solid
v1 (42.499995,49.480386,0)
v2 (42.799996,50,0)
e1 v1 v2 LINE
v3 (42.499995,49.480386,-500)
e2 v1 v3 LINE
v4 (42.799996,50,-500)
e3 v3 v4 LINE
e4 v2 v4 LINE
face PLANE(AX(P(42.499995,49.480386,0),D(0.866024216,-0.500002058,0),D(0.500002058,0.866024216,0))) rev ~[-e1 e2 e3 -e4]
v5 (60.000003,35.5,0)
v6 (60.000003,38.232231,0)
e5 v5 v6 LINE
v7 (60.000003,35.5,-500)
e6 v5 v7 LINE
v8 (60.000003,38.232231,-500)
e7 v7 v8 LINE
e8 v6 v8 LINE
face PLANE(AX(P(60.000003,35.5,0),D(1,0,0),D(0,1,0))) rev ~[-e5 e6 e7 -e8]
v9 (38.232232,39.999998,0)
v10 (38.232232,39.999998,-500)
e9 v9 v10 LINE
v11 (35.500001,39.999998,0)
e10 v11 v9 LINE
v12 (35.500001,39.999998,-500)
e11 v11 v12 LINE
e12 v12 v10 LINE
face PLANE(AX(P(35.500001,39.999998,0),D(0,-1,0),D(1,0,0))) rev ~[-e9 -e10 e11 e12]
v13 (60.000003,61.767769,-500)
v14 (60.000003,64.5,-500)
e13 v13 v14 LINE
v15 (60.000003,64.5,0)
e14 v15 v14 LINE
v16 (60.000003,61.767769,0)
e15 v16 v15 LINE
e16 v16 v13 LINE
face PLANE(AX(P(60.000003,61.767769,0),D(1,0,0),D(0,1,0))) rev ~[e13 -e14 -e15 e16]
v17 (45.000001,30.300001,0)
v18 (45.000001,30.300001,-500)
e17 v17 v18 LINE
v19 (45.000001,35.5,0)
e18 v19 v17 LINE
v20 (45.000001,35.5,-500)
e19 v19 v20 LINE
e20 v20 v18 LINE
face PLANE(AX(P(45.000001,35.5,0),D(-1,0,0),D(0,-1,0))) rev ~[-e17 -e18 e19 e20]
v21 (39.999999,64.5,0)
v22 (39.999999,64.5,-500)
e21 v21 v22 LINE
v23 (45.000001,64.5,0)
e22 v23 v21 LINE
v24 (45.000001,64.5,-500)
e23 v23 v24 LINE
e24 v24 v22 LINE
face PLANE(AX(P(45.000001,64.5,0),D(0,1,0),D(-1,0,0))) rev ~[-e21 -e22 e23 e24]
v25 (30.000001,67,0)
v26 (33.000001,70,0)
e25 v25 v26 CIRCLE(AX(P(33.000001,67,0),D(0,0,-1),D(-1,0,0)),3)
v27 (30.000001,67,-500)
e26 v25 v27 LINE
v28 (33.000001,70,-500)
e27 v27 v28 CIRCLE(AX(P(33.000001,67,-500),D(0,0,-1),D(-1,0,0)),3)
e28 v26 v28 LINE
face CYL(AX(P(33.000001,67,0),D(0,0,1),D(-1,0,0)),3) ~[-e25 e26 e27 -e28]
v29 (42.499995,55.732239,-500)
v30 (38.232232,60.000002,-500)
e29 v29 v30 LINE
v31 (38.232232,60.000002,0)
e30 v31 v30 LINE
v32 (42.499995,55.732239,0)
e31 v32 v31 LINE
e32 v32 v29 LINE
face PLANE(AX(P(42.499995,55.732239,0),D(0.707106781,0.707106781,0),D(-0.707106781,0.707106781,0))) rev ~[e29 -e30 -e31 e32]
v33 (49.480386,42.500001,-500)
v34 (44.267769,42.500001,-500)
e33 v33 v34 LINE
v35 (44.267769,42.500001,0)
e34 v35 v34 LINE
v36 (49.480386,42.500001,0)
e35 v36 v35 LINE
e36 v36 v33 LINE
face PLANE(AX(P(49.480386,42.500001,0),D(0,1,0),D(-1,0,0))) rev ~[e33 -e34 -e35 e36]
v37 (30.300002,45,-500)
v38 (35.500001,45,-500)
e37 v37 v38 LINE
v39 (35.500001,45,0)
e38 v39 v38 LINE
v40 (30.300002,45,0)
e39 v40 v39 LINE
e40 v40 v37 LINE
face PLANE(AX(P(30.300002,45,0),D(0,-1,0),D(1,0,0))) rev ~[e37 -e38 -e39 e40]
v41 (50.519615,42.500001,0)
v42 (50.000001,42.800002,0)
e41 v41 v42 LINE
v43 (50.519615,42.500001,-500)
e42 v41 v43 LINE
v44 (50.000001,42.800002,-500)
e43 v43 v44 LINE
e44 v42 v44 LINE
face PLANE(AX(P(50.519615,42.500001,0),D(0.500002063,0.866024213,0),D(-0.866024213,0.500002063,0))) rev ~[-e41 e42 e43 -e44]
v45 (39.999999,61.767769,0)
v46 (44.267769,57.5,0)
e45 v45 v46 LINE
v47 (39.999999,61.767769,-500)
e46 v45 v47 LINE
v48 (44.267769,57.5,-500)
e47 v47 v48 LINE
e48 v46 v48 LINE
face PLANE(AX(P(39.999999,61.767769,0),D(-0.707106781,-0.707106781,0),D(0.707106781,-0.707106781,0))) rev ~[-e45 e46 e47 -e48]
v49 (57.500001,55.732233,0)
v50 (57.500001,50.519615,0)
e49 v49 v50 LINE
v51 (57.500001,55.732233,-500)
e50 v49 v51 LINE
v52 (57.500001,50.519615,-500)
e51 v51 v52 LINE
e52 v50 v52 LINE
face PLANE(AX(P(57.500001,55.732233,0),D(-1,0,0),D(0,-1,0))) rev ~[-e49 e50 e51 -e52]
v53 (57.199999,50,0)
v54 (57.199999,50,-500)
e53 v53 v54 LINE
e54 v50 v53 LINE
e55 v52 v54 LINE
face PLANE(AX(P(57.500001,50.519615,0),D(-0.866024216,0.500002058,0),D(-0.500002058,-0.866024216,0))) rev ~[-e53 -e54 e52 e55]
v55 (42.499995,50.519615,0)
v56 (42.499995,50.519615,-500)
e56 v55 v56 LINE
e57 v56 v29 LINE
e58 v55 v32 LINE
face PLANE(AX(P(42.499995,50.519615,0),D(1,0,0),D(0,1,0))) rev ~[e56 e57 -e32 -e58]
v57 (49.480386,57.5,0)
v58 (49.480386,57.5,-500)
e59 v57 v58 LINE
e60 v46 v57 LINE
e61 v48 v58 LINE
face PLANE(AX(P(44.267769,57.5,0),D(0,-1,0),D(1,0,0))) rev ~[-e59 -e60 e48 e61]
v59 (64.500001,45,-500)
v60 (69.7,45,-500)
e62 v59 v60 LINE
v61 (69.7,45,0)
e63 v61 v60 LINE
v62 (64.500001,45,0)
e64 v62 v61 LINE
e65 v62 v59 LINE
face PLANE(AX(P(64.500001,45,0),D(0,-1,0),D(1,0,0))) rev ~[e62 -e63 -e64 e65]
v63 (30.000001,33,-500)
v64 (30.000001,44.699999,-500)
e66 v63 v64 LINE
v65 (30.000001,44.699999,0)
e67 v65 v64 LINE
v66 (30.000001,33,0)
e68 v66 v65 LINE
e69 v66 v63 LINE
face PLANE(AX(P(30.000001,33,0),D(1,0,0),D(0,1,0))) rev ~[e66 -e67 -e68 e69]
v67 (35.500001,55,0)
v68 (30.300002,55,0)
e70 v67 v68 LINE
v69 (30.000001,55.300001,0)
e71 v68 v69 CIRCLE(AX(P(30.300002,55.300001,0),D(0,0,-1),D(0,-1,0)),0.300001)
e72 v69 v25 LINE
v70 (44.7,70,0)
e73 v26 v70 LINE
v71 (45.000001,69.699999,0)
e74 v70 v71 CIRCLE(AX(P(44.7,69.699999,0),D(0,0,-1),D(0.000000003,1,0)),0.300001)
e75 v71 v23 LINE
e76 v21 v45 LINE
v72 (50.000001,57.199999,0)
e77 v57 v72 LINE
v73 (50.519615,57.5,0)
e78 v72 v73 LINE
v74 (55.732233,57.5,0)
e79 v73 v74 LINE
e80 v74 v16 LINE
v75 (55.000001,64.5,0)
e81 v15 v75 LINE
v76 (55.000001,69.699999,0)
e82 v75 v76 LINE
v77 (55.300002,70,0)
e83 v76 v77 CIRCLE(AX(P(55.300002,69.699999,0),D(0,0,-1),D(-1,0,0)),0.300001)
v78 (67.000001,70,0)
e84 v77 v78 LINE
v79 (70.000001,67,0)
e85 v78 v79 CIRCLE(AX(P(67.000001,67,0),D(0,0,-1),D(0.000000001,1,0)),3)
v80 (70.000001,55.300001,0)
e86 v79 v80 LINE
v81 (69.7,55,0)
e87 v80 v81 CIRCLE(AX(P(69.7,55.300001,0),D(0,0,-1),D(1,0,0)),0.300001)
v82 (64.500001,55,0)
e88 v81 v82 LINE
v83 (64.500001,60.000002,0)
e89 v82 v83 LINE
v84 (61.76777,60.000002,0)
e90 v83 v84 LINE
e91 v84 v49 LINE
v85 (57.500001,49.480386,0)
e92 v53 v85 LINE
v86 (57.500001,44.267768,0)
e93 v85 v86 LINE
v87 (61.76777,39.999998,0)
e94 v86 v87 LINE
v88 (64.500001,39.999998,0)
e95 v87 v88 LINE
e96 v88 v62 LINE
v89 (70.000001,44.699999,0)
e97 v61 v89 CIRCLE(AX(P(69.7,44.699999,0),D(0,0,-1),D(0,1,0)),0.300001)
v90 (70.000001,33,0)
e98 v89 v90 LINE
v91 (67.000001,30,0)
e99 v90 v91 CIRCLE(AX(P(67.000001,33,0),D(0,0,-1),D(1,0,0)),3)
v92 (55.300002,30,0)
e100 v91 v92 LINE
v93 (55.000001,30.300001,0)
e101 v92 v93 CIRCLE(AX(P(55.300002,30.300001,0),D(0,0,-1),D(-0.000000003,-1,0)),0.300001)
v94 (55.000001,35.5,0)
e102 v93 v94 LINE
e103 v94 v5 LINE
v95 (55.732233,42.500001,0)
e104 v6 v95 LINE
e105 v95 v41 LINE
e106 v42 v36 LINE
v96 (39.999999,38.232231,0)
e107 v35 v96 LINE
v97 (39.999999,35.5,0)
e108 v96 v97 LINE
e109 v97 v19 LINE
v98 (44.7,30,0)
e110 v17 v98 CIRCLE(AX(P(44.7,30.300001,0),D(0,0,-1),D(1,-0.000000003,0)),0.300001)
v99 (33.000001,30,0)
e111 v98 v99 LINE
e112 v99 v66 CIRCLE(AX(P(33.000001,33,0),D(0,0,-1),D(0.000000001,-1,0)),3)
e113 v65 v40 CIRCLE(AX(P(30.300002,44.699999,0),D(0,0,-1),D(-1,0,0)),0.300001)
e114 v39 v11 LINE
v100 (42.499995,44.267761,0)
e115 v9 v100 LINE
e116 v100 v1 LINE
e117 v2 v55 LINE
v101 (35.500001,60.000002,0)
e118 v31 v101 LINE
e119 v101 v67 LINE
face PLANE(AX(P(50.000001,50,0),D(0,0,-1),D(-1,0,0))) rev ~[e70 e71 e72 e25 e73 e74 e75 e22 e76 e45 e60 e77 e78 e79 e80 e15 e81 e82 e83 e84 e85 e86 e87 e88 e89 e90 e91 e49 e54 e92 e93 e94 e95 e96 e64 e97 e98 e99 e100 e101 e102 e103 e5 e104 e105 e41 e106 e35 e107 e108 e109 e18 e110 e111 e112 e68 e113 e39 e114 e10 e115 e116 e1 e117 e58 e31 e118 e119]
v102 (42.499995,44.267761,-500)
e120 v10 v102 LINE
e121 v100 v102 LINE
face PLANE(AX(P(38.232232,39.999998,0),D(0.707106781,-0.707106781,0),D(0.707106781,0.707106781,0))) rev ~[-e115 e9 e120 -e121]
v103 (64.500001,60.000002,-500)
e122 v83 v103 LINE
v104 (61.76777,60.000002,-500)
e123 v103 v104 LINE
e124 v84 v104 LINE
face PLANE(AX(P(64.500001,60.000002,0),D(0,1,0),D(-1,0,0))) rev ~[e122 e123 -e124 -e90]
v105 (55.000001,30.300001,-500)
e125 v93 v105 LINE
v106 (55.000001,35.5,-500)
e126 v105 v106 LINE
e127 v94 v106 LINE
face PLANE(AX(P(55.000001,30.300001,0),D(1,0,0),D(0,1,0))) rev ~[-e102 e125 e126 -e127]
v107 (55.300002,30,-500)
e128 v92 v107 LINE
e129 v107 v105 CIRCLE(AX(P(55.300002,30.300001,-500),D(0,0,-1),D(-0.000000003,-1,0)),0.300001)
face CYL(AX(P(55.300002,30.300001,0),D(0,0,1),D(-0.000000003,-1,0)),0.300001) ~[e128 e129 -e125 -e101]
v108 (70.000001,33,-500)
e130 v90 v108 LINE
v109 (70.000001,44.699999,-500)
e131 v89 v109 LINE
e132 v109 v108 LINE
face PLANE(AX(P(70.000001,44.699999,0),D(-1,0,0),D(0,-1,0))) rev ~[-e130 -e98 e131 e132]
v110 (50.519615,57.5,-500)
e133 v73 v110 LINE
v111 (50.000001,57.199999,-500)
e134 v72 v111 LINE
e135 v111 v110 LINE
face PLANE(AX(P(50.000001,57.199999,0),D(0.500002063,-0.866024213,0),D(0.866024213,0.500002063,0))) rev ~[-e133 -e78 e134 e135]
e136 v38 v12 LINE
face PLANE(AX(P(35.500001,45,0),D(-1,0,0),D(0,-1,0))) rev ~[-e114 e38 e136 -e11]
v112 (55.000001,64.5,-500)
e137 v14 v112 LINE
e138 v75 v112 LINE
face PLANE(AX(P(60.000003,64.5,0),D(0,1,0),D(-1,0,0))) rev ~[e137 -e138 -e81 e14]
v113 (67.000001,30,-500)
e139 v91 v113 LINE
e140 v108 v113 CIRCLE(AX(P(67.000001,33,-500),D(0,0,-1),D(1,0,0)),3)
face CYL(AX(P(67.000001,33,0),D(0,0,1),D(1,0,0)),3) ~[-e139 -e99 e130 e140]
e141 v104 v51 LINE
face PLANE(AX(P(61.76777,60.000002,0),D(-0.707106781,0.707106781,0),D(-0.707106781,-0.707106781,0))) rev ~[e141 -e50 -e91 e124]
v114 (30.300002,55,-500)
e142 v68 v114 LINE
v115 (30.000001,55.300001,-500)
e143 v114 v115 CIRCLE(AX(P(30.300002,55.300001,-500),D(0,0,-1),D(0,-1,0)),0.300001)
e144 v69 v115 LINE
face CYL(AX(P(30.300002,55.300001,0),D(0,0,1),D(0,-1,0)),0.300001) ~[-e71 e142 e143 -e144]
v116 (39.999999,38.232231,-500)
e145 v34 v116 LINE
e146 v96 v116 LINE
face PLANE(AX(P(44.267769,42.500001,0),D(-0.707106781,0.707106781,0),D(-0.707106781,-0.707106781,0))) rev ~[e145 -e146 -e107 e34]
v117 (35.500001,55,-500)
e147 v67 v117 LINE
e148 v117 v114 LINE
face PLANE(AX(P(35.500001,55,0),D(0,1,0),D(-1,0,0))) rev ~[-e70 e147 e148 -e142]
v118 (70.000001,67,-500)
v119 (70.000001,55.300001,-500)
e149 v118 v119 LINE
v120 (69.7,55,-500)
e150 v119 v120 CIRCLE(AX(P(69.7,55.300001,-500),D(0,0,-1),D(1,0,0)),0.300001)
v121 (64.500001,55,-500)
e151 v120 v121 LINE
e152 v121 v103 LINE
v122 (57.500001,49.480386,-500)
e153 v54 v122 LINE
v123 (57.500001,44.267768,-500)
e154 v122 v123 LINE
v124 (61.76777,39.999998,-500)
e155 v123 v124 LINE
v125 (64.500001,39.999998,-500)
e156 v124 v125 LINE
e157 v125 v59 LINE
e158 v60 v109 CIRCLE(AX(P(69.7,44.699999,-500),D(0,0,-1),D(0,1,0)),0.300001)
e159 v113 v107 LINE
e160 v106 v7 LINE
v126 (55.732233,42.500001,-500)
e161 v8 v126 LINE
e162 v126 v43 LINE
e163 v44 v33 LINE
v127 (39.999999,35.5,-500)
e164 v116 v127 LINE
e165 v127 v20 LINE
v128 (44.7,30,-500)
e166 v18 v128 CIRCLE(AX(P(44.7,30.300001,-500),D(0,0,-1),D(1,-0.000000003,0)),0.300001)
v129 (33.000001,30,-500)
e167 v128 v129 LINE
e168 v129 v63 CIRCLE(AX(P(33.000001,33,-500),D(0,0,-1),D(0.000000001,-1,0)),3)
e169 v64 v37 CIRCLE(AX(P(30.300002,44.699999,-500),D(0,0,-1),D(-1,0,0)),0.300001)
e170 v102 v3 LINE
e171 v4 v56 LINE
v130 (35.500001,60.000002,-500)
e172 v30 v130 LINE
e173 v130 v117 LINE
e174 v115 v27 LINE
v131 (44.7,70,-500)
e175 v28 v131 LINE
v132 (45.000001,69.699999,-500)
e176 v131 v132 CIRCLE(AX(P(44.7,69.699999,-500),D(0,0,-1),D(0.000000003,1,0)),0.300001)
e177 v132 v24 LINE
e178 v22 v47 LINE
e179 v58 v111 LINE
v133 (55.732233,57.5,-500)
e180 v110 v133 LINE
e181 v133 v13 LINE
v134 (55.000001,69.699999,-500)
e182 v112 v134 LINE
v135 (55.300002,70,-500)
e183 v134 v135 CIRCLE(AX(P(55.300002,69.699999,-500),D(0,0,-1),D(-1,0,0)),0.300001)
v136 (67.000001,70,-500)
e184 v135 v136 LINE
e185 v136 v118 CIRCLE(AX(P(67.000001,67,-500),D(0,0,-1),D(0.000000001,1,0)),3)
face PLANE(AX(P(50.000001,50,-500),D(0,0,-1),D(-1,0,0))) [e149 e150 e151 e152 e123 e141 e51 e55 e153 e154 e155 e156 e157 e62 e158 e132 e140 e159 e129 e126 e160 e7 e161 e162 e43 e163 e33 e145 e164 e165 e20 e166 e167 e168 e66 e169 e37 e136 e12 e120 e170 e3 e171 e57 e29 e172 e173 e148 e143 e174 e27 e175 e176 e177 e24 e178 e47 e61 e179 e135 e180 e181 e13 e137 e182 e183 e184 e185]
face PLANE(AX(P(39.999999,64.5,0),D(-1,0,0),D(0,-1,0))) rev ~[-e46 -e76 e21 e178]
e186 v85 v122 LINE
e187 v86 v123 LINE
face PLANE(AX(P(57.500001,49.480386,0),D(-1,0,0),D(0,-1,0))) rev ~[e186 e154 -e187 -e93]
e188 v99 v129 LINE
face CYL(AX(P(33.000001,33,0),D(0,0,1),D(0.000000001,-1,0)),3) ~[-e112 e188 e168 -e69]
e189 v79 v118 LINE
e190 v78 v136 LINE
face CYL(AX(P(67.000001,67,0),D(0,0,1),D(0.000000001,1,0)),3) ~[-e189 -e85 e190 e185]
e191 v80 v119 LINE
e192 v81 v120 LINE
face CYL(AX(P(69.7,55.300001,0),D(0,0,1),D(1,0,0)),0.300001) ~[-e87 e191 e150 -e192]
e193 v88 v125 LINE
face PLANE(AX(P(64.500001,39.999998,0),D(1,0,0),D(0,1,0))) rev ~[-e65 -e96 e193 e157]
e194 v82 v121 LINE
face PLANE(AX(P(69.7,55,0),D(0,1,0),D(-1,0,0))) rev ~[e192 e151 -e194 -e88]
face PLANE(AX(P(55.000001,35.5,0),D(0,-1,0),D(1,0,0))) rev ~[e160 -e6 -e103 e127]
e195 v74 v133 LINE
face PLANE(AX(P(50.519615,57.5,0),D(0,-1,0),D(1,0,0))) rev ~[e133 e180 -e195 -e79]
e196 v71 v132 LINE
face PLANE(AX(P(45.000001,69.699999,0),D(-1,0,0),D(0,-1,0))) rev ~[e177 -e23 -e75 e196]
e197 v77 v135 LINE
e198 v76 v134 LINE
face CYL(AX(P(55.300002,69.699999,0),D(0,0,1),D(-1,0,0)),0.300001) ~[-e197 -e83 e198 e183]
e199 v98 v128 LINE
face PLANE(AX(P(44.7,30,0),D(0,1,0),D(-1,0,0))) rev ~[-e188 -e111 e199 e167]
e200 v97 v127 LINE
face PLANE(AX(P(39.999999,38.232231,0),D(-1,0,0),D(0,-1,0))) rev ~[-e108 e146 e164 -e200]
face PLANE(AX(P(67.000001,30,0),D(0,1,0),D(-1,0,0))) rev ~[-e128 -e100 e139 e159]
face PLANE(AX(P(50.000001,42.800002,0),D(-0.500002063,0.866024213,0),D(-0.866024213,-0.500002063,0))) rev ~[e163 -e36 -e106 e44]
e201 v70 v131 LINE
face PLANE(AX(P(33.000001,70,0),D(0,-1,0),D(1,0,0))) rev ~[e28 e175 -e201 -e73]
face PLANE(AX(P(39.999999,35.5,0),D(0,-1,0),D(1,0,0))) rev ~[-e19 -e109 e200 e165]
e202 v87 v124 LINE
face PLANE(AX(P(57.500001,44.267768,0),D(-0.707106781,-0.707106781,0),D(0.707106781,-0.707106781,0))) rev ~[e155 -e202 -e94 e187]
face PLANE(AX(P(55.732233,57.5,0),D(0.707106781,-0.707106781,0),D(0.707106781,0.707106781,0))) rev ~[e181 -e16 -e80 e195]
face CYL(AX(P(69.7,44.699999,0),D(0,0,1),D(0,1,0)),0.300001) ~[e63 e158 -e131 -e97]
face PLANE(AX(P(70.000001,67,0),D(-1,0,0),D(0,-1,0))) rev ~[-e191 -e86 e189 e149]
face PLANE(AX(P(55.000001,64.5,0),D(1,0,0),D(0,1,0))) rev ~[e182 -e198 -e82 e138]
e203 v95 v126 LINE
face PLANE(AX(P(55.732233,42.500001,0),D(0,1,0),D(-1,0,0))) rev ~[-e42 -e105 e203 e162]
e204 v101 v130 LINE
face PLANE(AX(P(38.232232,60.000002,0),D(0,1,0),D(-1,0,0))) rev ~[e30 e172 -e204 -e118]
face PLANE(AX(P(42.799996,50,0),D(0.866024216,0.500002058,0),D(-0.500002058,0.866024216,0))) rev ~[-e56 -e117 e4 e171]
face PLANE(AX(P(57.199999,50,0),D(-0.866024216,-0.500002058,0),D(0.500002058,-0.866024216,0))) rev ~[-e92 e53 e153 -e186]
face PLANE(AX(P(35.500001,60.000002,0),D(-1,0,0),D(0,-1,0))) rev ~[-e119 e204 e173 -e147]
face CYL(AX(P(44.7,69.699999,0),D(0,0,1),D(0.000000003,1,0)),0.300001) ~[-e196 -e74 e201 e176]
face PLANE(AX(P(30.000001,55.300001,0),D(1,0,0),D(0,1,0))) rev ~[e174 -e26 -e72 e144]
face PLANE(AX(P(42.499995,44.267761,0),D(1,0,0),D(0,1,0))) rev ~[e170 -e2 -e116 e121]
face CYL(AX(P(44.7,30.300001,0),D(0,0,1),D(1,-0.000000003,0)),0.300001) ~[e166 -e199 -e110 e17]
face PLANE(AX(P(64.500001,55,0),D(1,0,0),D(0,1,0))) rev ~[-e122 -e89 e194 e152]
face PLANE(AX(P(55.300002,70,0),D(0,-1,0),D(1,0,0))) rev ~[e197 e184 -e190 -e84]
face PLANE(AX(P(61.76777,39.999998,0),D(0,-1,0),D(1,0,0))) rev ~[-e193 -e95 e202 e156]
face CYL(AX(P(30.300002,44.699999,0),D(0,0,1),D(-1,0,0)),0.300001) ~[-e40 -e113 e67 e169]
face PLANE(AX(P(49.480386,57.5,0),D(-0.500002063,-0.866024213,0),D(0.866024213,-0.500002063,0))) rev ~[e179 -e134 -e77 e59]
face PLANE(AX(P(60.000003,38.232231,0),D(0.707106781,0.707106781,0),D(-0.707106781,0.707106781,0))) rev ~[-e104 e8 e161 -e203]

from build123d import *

# Parameters (mm, degrees)
EXTRUDE_1_DEPTH = 500


with BuildPart() as part:
    # Model → ﾎﾞｽ - 押し出し1 (new body)
    with BuildSketch(Plane.XY):
        with BuildLine():
            Line((69.700000053, 55.000000195), (64.500000711, 55.000000195))
            Line((64.500000711, 55.000000195), (64.500000711, 60.000002187))
            Line((64.500000711, 60.000002187), (61.76777021, 60.000002187))
            Line((61.76777021, 60.000002187), (57.500000584, 55.732232559))
            Line((57.500000584, 55.732232559), (57.500000584, 50.519614724))
            Line((57.500000584, 50.519614724), (57.199999339, 50.000000177))
            Line((57.199999339, 50.000000177), (57.500000584, 49.48038563))
            Line((57.500000584, 49.48038563), (57.500000584, 44.267767795))
            Line((57.500000584, 44.267767795), (61.76777021, 39.999998167))
            Line((61.76777021, 39.999998167), (64.500000711, 39.999998167))
            Line((64.500000711, 39.999998167), (64.500000711, 45.000000159))
            Line((64.500000711, 45.000000159), (69.700000053, 45.000000159))
            ThreePointArc((69.700000053, 45.000000159), (69.9121326, 44.912131981), (70.000000778, 44.699999434))
            Line((70.000000778, 44.699999434), (70.000000778, 33.000000332))
            ThreePointArc((70.000000778, 33.000000332), (69.121321121, 30.878679988), (67.000000778, 30.000000332))
            Line((67.000000778, 30.000000332), (55.300001675, 30.000000332))
            ThreePointArc((55.300001675, 30.000000332), (55.087869129, 30.08786851), (55.000000951, 30.300001056))
            Line((55.000000951, 30.300001056), (55.000000951, 35.500000399))
            Line((55.000000951, 35.500000399), (60.000002943, 35.500000399))
            Line((60.000002943, 35.500000399), (60.000002943, 38.232230899))
            Line((60.000002943, 38.232230899), (55.732233316, 42.500000527))
            Line((55.732233316, 42.500000527), (50.519615481, 42.500000527))
            Line((50.519615481, 42.500000527), (50.000000936, 42.800001775))
            Line((50.000000936, 42.800001775), (49.480386391, 42.500000527))
            Line((49.480386391, 42.500000527), (44.267768556, 42.500000527))
            Line((44.267768556, 42.500000527), (39.999998929, 38.232230899))
            Line((39.999998929, 38.232230899), (39.999998929, 35.500000399))
            Line((39.999998929, 35.500000399), (45.000000921, 35.500000399))
            Line((45.000000921, 35.500000399), (45.000000921, 30.300001056))
            ThreePointArc((45.000000921, 30.300001056), (44.912132743, 30.08786851), (44.700000197, 30.000000332))
            Line((44.700000197, 30.000000332), (33.000001094, 30.000000332))
            ThreePointArc((33.000001094, 30.000000332), (30.87868075, 30.878679988), (30.000001094, 33.000000332))
            Line((30.000001094, 33.000000332), (30.000001094, 44.699999434))
            ThreePointArc((30.000001094, 44.699999434), (30.087869272, 44.912131981), (30.300001819, 45.000000159))
            Line((30.300001819, 45.000000159), (35.500001161, 45.000000159))
            Line((35.500001161, 45.000000159), (35.500001161, 39.999998167))
            Line((35.500001161, 39.999998167), (38.232231661, 39.999998167))
            Line((38.232231661, 39.999998167), (42.499994889, 44.267761396))
            Line((42.499994889, 44.267761396), (42.499994889, 49.48038563))
            Line((42.499994889, 49.48038563), (42.799996134, 50.000000177))
            Line((42.799996134, 50.000000177), (42.499994889, 50.519614724))
            Line((42.499994889, 50.519614724), (42.499994889, 55.732238958))
            Line((42.499994889, 55.732238958), (38.232231661, 60.000002187))
            Line((38.232231661, 60.000002187), (35.500001161, 60.000002187))
            Line((35.500001161, 60.000002187), (35.500001161, 55.000000195))
            Line((35.500001161, 55.000000195), (30.300001819, 55.000000195))
            ThreePointArc((30.300001819, 55.000000195), (30.087869272, 55.087868373), (30.000001094, 55.30000092))
            Line((30.000001094, 55.30000092), (30.000001094, 67.000000023))
            ThreePointArc((30.000001094, 67.000000023), (30.87868075, 69.121320366), (33.000001094, 70.000000023))
            Line((33.000001094, 70.000000023), (44.700000197, 70.000000023))
            ThreePointArc((44.700000197, 70.000000023), (44.912132743, 69.912131845), (45.000000921, 69.699999298))
            Line((45.000000921, 69.699999298), (45.000000921, 64.499999956))
            Line((45.000000921, 64.499999956), (39.999998929, 64.499999956))
            Line((39.999998929, 64.499999956), (39.999998929, 61.767769455))
            Line((39.999998929, 61.767769455), (44.267768556, 57.499999827))
            Line((44.267768556, 57.499999827), (49.480386391, 57.499999827))
            Line((49.480386391, 57.499999827), (50.000000936, 57.199998579))
            Line((50.000000936, 57.199998579), (50.519615481, 57.499999827))
            Line((50.519615481, 57.499999827), (55.732233316, 57.499999827))
            Line((55.732233316, 57.499999827), (60.000002943, 61.767769455))
            Line((60.000002943, 61.767769455), (60.000002943, 64.499999956))
            Line((60.000002943, 64.499999956), (55.000000951, 64.499999956))
            Line((55.000000951, 64.499999956), (55.000000951, 69.699999298))
            ThreePointArc((55.000000951, 69.699999298), (55.087869129, 69.912131845), (55.300001675, 70.000000023))
            Line((55.300001675, 70.000000023), (67.000000778, 70.000000023))
            ThreePointArc((67.000000778, 70.000000023), (69.121321121, 69.121320366), (70.000000778, 67.000000023))
            Line((70.000000778, 67.000000023), (70.000000778, 55.30000092))
            ThreePointArc((70.000000778, 55.30000092), (69.9121326, 55.087868373), (69.700000053, 55.000000195))
        make_face()
    extrude(amount=-EXTRUDE_1_DEPTH)


solid = part.part
